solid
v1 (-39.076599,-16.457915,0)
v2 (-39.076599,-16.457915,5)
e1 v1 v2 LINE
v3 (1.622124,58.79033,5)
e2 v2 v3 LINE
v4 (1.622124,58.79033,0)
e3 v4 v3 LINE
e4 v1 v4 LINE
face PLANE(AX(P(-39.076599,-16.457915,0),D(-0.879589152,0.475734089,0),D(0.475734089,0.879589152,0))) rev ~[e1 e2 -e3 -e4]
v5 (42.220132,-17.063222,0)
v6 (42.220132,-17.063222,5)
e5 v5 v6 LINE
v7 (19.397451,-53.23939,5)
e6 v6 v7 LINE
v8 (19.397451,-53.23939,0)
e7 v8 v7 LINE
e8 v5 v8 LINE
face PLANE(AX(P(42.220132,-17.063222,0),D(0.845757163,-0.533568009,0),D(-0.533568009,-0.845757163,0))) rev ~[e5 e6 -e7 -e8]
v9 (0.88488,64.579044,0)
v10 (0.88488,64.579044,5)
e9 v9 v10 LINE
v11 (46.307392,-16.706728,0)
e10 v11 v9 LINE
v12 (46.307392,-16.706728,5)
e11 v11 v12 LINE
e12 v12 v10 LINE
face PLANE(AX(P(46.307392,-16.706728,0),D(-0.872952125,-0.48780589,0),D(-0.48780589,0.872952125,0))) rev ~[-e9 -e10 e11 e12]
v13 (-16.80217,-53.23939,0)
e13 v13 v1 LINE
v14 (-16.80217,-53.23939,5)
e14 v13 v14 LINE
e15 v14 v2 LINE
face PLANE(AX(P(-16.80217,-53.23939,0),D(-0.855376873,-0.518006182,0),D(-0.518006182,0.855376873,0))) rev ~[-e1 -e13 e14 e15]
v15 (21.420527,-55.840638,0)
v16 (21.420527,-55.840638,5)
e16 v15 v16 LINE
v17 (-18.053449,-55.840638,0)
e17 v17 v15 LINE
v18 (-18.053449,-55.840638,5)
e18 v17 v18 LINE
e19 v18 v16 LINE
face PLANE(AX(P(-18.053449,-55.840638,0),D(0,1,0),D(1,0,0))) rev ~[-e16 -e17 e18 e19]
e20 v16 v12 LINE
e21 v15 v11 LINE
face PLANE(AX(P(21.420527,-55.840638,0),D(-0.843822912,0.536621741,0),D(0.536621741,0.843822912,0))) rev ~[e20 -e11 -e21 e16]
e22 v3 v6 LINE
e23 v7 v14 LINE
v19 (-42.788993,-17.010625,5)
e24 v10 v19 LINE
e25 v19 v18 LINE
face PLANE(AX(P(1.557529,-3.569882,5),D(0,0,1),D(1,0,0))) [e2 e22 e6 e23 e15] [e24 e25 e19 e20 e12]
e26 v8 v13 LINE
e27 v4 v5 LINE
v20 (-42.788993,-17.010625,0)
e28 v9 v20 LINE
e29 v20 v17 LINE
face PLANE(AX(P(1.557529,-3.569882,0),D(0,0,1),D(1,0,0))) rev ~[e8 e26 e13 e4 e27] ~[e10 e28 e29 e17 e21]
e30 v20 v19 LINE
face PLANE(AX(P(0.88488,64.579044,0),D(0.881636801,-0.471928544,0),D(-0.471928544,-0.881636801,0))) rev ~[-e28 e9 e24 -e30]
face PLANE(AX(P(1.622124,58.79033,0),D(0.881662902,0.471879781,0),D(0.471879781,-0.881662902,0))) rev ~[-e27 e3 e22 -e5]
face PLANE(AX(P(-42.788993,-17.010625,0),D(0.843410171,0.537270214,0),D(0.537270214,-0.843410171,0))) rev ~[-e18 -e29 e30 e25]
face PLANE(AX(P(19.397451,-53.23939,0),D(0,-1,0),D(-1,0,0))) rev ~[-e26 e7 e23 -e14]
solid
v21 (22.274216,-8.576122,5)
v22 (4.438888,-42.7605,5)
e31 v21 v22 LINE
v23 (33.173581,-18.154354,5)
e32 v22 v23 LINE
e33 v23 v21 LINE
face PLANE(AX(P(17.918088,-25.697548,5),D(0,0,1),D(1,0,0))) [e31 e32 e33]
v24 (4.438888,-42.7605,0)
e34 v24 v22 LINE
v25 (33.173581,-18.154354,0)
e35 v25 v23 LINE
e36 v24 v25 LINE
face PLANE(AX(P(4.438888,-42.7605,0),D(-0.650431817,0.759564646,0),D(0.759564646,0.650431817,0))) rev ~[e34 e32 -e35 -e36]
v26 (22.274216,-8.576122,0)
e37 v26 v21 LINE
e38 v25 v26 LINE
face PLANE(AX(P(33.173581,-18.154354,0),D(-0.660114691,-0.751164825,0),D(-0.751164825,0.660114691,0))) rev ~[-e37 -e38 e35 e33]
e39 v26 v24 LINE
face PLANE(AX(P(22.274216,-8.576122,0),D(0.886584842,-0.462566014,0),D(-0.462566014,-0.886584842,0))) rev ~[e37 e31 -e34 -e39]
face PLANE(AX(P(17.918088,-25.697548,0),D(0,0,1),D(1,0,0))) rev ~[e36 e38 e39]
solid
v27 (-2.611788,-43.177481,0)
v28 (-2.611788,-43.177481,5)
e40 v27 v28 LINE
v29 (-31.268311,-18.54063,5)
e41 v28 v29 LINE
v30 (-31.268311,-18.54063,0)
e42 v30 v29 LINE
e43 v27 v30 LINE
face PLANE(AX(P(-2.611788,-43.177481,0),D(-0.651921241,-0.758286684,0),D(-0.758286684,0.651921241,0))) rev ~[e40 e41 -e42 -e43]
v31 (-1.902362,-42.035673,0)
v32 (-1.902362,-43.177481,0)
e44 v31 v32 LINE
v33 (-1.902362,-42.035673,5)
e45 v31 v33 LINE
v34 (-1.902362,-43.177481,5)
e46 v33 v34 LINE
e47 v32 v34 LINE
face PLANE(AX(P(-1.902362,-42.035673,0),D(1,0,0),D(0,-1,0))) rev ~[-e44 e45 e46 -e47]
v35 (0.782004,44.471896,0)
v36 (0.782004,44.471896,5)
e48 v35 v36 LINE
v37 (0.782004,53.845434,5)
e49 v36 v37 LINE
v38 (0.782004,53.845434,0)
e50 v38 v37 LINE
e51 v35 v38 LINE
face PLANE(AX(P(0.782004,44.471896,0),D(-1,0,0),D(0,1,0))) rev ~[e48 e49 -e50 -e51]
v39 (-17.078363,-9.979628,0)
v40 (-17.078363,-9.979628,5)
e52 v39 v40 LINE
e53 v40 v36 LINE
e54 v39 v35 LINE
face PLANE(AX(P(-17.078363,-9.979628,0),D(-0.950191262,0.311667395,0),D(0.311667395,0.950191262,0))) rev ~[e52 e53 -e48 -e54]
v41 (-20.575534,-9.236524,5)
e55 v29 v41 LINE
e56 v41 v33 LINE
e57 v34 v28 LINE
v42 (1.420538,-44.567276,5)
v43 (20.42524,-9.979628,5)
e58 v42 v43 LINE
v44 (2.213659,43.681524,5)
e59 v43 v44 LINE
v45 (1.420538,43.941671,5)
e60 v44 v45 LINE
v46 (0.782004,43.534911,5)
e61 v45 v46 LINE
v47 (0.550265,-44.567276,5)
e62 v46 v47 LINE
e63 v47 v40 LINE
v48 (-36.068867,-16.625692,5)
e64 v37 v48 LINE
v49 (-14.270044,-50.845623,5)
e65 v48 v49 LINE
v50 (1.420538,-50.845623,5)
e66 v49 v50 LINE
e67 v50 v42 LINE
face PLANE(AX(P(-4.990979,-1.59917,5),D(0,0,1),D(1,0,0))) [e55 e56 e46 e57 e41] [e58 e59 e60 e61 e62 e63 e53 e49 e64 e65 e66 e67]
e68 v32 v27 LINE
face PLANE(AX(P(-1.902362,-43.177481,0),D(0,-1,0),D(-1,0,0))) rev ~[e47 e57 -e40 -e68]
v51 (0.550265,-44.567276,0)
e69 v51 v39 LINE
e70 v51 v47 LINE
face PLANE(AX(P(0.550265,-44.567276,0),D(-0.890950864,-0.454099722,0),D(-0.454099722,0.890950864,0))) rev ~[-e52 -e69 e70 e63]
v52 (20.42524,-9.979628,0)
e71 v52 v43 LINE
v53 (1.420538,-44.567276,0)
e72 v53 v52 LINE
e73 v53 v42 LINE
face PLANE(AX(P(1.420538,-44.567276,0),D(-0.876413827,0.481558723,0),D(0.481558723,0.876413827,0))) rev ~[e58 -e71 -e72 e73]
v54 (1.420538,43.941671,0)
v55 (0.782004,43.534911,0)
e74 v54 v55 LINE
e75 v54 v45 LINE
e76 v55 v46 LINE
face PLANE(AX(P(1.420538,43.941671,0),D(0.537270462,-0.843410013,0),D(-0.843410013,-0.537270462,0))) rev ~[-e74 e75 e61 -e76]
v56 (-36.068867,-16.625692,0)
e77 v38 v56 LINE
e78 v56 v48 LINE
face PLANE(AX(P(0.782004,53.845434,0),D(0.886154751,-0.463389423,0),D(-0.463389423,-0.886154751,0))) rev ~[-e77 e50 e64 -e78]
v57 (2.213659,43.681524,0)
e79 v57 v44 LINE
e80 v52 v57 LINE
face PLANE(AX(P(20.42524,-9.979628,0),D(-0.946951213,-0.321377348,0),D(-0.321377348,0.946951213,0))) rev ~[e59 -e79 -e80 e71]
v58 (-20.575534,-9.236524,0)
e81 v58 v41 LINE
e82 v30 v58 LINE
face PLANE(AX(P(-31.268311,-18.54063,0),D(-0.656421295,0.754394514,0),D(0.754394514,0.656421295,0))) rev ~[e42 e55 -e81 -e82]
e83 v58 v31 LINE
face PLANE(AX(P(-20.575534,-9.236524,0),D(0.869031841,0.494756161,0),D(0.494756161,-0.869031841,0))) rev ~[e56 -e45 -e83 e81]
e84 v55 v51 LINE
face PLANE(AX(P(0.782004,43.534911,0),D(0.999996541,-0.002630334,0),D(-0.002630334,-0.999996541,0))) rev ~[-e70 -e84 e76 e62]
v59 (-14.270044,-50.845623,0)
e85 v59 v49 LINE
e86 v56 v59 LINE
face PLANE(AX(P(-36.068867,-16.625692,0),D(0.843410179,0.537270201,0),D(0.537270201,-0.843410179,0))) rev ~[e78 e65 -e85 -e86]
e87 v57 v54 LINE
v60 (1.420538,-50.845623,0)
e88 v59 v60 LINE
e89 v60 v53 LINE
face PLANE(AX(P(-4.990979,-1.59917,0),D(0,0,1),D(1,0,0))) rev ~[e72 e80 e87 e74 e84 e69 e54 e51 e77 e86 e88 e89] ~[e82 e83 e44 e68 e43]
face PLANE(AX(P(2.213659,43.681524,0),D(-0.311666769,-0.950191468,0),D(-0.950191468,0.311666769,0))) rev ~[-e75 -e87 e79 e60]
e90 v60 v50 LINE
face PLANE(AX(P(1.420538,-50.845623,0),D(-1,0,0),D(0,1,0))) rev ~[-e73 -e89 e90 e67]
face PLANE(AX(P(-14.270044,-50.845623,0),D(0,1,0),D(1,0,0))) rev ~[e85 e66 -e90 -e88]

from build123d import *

# Parameters (mm, degrees)
F1_DEPTH = 5


with BuildPart() as f1:
    # F0 (on Top) → F1 (new body)
    with BuildSketch(Plane.XY):
        Polygon((0.88488, 64.579044), (-42.788993, -17.010625), (-18.053449, -55.840638), (21.420527, -55.840638), (46.307392, -16.706728), align=None)
        Polygon((-16.80217, -53.23939), (-39.076599, -16.457915), (1.622124, 58.79033), (42.220132, -17.063222), (19.397451, -53.23939), align=None, mode=Mode.SUBTRACT)
        Polygon((-14.270044, -50.845623), (0.998022, -50.845623), (1.420538, -50.845623), (1.420538, -44.567276), (20.42524, -9.979628), (2.213659, 43.681524), (1.420538, 43.941671), (0.782004, 43.534911), (0.550265, -44.567276), (-17.078363, -9.979628), (0.782004, 44.471896), (0.782004, 53.845434), (-36.068867, -16.625692), align=None)
        Polygon((-2.611788, -43.177481), (-31.268311, -18.54063), (-20.575534, -9.236524), (-1.902362, -42.035673), (-1.902362, -43.177481), align=None, mode=Mode.SUBTRACT)
        Polygon((33.173581, -18.154354), (22.274216, -8.576122), (4.438888, -42.7605), align=None)
    extrude(amount=F1_DEPTH)


solid = f1.part
